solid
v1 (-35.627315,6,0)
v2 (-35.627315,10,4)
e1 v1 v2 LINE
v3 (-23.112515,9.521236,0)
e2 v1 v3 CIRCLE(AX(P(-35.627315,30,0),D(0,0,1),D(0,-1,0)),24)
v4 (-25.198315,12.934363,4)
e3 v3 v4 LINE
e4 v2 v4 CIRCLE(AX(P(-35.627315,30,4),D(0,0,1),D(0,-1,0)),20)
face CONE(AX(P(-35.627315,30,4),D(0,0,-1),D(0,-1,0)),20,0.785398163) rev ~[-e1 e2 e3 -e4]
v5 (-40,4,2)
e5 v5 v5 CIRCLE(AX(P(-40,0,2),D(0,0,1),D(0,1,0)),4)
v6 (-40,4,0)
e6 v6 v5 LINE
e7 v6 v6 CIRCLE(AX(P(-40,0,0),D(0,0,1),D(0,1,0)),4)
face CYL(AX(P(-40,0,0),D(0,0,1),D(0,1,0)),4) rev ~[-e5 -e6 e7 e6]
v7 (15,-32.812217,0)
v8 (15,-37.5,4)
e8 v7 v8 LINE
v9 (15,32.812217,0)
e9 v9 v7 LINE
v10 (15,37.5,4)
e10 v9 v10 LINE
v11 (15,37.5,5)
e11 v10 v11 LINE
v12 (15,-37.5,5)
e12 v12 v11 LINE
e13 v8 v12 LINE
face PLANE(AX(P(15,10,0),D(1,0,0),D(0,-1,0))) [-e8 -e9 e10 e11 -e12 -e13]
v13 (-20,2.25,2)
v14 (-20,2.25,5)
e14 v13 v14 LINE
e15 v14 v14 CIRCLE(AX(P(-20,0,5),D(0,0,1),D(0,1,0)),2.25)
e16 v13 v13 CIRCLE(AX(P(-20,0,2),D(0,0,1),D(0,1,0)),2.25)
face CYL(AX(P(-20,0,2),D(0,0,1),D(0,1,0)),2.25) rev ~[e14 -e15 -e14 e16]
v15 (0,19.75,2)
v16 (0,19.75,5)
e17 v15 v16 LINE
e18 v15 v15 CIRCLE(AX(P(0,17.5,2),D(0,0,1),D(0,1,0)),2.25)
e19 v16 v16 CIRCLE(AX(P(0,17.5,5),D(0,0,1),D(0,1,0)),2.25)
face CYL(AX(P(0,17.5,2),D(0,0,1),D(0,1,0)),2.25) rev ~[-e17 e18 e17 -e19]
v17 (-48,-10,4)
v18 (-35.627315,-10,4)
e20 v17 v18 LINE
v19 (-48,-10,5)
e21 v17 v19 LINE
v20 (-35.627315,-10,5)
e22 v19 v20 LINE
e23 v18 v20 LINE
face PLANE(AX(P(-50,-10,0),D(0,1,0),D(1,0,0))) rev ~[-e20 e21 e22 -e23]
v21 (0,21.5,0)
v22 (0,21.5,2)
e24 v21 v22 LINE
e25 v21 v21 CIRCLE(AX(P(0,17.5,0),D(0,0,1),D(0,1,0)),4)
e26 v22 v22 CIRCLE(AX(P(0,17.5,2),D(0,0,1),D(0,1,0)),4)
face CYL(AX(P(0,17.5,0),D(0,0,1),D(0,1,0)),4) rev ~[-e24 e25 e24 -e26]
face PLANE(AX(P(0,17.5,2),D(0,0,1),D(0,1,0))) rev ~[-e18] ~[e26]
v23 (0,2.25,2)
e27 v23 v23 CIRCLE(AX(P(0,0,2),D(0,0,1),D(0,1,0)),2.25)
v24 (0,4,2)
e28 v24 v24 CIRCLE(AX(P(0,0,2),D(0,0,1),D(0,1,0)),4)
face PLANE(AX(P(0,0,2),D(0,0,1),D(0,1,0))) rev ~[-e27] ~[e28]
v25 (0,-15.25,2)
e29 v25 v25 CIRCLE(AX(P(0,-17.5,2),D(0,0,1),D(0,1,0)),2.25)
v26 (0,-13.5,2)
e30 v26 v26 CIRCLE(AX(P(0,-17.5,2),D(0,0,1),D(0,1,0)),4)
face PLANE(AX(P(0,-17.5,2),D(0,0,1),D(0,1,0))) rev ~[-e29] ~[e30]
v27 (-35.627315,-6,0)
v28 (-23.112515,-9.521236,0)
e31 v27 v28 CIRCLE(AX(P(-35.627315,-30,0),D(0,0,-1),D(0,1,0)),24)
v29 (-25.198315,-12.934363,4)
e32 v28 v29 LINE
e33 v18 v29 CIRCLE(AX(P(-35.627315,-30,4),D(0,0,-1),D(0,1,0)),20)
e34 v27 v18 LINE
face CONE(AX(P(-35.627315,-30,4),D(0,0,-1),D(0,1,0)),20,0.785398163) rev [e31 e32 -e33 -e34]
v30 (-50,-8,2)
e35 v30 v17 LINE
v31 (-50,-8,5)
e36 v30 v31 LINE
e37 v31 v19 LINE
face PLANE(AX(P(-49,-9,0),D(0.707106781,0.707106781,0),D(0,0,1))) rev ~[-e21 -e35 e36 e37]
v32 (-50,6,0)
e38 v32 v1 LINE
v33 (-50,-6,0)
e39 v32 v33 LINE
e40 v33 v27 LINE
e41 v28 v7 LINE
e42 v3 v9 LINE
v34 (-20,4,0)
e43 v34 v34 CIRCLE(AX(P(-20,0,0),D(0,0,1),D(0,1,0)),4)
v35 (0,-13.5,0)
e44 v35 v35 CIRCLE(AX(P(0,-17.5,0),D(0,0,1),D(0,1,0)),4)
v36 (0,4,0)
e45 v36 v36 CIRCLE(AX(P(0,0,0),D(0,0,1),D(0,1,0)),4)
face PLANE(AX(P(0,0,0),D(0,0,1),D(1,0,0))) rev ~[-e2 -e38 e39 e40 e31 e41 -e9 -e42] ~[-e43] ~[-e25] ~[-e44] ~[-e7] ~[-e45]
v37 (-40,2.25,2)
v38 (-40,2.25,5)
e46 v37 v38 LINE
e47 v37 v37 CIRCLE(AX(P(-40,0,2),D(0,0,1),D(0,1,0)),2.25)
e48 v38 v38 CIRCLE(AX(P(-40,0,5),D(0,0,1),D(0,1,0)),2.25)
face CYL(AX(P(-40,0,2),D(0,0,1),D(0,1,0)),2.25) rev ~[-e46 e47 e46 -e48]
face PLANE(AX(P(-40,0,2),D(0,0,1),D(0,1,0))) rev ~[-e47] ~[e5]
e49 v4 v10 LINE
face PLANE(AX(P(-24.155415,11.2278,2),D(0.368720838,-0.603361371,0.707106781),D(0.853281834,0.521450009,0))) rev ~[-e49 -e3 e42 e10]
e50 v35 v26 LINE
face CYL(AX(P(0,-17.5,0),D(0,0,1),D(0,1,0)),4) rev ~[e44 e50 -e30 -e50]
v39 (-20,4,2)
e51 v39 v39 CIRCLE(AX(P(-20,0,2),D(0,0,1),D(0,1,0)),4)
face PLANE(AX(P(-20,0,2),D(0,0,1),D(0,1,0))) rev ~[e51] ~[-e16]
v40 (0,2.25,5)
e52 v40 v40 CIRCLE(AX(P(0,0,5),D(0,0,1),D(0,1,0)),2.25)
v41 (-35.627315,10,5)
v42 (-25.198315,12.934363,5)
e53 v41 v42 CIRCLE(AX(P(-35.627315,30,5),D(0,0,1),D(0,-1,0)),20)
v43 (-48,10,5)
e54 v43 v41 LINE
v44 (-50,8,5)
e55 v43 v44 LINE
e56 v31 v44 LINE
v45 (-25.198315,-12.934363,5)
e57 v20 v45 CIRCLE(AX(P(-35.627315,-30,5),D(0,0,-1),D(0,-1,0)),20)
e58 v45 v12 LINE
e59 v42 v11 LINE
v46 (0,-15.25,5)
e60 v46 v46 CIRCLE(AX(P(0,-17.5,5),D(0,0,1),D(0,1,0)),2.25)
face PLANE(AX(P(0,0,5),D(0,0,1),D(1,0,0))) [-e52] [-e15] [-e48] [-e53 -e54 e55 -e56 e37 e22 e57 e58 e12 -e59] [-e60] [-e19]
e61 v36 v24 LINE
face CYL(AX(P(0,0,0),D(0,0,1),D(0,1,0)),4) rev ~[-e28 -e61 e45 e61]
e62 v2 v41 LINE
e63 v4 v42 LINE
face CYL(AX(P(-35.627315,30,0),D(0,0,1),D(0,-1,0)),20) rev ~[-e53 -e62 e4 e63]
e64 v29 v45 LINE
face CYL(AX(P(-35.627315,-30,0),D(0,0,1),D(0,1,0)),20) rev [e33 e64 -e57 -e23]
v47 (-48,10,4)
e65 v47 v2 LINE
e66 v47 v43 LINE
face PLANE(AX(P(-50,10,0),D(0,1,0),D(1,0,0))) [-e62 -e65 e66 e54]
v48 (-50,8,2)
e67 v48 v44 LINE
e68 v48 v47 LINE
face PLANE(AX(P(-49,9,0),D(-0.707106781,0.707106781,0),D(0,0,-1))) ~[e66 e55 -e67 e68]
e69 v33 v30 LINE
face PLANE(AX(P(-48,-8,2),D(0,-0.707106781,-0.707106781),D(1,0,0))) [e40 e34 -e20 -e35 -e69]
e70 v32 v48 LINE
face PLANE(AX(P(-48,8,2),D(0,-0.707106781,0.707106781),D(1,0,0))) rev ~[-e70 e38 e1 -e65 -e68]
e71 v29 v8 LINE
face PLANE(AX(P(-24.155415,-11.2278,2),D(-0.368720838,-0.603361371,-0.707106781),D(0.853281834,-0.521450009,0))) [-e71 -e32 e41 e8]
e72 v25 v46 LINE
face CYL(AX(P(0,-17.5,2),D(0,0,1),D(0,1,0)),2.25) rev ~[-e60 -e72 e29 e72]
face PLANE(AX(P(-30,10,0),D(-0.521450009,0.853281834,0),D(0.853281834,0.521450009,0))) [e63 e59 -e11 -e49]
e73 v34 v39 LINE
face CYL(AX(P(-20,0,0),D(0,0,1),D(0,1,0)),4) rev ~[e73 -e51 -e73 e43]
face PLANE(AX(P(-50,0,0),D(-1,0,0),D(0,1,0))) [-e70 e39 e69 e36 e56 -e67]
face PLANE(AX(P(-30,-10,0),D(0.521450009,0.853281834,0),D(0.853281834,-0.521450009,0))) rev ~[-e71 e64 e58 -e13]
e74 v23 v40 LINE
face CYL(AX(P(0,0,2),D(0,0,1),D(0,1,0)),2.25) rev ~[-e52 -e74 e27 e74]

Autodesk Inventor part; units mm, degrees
ref_plane "YZ Plane" through (0, 0, 0) normal (1, 0, 0) x (0, 1, 0)
ref_plane "XZ Plane" through (0, 0, 0) normal (0, 1, 0) x (-1, 0, 0)
ref_plane "XY Plane" through (0, 0, 0) normal (0, 0, 1) x (1, 0, 0)
sketch "Sketch1" plane through (0, 0, 0) normal (0, 0, 1) x (1, 0, 0)
  line L0 (0, 0) -> (-50, 0) construction
  line L1 (-50, 0) -> (-50, 10)
  line L2 (-50, 0) -> (-50, -10)
  line L3 (-50, -10) -> (-30, -10)
  line L4 (-30, -10) -> (15, -37.5)
  line L5 (-50, 10) -> (-30, 10)
  line L6 (-30, 10) -> (15, 37.5)
  line L7 (15, 37.5) -> (15, -37.5)
  line L8 (0, 0) -> (15, 0) construction
  line L9 (0, 17.5) -> (0, -17.5) construction
  line L10 (-30, 10) -> (40, 10)
  line L11 (-30, -10) -> (40, -10)
  line L12 (40, 10) -> (40, -10)
  circle A0 centre (35, 0) radius 2.25
  circle A1 centre (15, 0) radius 2.25
  line L13 (35, 2.25) -> (15, 2.25)
  line L14 (15, -2.25) -> (35, -2.25)
  point P0 (-40, 0)
  point P1 (40, 0)
  point P2 (15, -10)
  point P3 (15, 10)
  point P4 (-20, 0)
  dimension "d0" = 20
  dimension "d1" = 65
  dimension "d2" = 50
  dimension "d4" = 20
  dimension "d5" = 75
  dimension "d6" = 35
  dimension "d9" = 40
  dimension "d21" = 25
  dimension "d22" = 5
  dimension "d23" = 4.5
  dimension "d30" = 20
extrude "Extrusion1" add sketch "Sketch1" along normal blind 5 contours L1 L5 L10 L7 A1 L11 L3 L2 | L6 L7 L10 | L11 L7 L4 | L7 A1 picked at (13.9746, 0.6255)
hole "Hole1" at (0, 17.5, 0) at (0, -17.5, 0) at (-40, 0, 0) at (0, 0, 0) at (-20, 0, 0) direction (0, 0, 1) diameter 4.5 end through all counterbore diameter 8 counterbore depth 2
fillet "Fillet1" radius 20 2 edges at (-30, 10, 2.5) (-30, -10, 2.5)
chamfer "Chamfer1" distance 2 angle 45 2 edges at (-50, 10, 2.5) (-50, -10, 2.5)
chamfer "Chamfer3" distance 4 angle 45 4 edges at (-5.0992, 25.2172, 0) (-41.8137, 10, 0) (-41.8137, -10, 0) (-5.0992, -25.2172, 0)
properties part number "Y Axis Bearing Holder_3DPrint"
